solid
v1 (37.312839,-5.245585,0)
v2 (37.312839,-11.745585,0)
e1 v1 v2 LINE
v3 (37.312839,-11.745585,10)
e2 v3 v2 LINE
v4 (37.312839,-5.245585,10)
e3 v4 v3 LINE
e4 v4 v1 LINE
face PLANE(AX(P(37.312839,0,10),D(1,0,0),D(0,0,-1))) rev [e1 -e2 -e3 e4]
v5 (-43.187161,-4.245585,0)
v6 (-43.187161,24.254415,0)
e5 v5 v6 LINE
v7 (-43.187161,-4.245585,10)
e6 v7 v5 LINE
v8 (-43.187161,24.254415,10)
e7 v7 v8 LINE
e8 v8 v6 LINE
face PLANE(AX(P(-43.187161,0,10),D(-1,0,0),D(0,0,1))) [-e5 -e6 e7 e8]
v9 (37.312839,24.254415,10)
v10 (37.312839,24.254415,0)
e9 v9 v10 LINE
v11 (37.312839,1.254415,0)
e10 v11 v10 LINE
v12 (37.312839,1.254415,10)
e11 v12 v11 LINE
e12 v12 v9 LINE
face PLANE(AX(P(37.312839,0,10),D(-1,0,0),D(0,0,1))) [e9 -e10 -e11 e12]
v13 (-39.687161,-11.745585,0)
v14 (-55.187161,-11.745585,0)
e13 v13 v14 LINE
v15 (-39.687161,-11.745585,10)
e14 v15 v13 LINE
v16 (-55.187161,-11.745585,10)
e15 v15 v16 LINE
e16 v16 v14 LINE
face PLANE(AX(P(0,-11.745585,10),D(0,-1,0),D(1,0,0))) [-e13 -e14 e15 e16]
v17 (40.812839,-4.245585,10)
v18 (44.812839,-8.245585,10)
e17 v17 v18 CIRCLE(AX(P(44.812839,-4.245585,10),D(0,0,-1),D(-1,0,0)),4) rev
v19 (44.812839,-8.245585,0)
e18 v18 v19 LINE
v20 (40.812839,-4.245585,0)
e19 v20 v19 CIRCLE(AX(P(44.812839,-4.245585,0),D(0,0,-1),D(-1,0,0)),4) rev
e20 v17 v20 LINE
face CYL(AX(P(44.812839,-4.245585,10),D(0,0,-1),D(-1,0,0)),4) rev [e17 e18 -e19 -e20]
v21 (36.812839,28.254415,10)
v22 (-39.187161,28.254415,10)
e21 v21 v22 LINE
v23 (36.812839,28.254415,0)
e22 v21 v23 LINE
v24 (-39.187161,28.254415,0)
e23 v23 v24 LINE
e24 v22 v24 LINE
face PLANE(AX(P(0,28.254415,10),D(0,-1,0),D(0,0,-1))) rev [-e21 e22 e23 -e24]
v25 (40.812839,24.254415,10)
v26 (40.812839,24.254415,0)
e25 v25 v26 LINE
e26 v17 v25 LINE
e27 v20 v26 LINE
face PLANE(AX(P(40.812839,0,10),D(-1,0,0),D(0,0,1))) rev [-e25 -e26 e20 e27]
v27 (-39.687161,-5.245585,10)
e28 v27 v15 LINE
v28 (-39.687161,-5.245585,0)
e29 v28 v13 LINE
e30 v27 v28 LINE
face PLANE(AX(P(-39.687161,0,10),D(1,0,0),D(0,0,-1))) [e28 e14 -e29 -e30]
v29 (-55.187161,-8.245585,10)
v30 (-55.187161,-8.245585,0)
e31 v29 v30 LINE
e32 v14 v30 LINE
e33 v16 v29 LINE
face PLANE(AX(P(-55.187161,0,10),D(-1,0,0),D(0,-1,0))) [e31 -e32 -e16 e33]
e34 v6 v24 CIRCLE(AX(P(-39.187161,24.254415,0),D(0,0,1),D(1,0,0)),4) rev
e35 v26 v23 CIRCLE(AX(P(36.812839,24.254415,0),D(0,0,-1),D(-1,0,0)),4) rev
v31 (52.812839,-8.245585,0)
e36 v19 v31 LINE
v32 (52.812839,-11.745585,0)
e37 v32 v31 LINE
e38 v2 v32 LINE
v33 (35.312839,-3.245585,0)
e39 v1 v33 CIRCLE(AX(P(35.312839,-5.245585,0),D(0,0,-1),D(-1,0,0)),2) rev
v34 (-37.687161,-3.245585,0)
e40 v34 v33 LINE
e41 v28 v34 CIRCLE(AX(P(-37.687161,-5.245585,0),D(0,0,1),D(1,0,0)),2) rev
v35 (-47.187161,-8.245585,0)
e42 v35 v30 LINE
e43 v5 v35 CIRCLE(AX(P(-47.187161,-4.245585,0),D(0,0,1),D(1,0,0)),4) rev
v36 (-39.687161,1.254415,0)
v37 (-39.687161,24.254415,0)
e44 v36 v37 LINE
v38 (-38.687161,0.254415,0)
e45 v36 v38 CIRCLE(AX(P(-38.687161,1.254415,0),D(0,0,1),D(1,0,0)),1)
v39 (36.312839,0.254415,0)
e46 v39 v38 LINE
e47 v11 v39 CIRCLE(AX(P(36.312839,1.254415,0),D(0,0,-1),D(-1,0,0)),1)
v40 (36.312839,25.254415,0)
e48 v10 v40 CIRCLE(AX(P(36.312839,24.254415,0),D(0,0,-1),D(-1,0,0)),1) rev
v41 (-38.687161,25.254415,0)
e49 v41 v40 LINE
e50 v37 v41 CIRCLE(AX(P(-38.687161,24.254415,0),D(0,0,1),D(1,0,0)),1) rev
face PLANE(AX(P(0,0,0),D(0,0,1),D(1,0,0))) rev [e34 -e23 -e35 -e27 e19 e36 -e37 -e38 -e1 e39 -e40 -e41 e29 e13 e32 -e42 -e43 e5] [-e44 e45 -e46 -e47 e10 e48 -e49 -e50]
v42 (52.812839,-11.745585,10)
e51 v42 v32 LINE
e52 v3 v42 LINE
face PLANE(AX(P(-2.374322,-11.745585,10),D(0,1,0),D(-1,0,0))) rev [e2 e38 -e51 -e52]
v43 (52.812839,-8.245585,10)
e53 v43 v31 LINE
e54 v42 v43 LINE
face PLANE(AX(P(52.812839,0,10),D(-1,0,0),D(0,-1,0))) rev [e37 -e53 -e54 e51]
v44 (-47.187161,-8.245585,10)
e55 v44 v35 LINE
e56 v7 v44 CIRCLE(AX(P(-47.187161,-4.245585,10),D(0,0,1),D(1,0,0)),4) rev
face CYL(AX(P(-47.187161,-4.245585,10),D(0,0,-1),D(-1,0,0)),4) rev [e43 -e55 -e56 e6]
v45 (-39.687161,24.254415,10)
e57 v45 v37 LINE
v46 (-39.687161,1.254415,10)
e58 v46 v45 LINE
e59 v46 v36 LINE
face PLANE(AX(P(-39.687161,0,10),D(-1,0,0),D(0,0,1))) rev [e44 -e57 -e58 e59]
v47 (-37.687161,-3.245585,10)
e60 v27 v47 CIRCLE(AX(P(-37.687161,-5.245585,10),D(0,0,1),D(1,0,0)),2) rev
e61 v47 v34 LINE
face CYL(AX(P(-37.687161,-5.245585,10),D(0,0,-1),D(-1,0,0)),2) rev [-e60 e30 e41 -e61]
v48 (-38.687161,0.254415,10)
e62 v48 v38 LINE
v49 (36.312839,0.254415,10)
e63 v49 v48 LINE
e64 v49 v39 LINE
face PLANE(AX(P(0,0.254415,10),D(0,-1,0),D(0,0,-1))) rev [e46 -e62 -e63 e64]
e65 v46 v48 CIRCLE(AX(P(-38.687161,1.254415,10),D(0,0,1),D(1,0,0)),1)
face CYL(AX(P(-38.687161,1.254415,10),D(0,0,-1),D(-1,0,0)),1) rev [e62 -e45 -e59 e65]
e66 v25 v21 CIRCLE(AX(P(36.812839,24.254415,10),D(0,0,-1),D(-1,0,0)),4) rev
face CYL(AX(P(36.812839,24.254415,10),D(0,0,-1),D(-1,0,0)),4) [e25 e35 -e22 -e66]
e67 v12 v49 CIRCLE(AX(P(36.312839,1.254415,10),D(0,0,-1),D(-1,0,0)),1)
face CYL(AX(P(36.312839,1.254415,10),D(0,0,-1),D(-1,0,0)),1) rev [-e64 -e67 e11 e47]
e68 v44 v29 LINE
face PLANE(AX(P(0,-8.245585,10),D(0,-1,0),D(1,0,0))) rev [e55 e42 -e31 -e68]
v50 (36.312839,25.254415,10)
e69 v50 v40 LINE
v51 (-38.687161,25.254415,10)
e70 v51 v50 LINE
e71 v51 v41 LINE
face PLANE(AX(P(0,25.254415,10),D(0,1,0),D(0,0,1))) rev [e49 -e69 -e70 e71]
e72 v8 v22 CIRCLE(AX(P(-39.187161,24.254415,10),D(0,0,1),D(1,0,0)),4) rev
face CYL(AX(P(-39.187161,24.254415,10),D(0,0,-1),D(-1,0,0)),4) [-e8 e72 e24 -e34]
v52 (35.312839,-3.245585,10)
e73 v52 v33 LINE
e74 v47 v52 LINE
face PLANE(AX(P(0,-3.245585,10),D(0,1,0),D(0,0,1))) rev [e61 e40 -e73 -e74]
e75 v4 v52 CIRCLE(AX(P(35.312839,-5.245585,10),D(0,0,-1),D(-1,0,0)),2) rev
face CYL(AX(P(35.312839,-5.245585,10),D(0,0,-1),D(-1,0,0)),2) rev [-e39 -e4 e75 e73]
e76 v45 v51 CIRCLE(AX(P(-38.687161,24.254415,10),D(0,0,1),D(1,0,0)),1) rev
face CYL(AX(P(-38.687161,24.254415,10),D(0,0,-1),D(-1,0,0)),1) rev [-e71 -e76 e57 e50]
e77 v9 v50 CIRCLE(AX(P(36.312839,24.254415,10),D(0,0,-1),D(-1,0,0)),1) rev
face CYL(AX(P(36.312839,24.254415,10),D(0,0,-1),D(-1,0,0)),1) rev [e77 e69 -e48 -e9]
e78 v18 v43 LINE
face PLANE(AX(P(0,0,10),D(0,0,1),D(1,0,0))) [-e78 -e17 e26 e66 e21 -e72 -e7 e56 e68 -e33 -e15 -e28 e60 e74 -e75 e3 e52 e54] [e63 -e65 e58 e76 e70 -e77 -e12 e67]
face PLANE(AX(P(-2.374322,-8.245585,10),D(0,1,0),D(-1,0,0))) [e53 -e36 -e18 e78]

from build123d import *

# Parameters (mm, degrees)
SALIENTE_EXTRUIR2_DEPTH = 10


with BuildPart() as part:
    # Croquis1 → Saliente-Extruir2 (new body)
    with BuildSketch(Plane.XY):
        with BuildLine():
            ThreePointArc((-38.687161159, 0.254415054), (-39.39426794, 0.547308273), (-39.687161159, 1.254415054))
            Line((-39.687161159, 1.254415054), (-39.687161159, 24.254415054))
            ThreePointArc((-39.687161159, 24.254415054), (-39.39426794, 24.961521836), (-38.687161159, 25.254415054))
            Line((-38.687161159, 25.254415054), (-1.187161159, 25.254415054))
            Line((-1.187161159, 25.254415054), (-1.187161159, 28.254415054))
            Line((-1.187161159, 28.254415054), (-39.187161159, 28.254415054))
            ThreePointArc((-39.187161159, 28.254415054), (-42.015588284, 27.082842179), (-43.187161159, 24.254415054))
            Line((-43.187161159, 24.254415054), (-43.187161159, -3.245584946))
            Line((-43.187161159, -3.245584946), (-43.187161159, -4.245584946))
            ThreePointArc((-43.187161159, -4.245584946), (-44.358734034, -7.07401207), (-47.187161159, -8.245584946))
            Line((-47.187161159, -8.245584946), (-55.187161159, -8.245584946))
            Line((-55.187161159, -8.245584946), (-55.187161159, -11.745584946))
            Line((-55.187161159, -11.745584946), (-43.187161159, -11.745584946))
            Line((-43.187161159, -11.745584946), (-39.687161159, -11.745584946))
            Line((-39.687161159, -11.745584946), (-39.687161159, -5.245584946))
            ThreePointArc((-39.687161159, -5.245584946), (-39.101374721, -3.831371383), (-37.687161159, -3.245584946))
            Line((-37.687161159, -3.245584946), (-1.187161159, -3.245584946))
            Line((-1.187161159, -3.245584946), (-1.187161159, 0.254415054))
            Line((-1.187161159, 0.254415054), (-38.687161159, 0.254415054))
        make_face()
    saliente_extruir2 = extrude(amount=SALIENTE_EXTRUIR2_DEPTH)

    # Simetría2: Saliente-Extruir2 across plane
    add(saliente_extruir2.mirror(Plane(origin=(-1.187161159, 0, 10), x_dir=(0, 0, 1), z_dir=(-1, 0, 0))))


solid = part.part
